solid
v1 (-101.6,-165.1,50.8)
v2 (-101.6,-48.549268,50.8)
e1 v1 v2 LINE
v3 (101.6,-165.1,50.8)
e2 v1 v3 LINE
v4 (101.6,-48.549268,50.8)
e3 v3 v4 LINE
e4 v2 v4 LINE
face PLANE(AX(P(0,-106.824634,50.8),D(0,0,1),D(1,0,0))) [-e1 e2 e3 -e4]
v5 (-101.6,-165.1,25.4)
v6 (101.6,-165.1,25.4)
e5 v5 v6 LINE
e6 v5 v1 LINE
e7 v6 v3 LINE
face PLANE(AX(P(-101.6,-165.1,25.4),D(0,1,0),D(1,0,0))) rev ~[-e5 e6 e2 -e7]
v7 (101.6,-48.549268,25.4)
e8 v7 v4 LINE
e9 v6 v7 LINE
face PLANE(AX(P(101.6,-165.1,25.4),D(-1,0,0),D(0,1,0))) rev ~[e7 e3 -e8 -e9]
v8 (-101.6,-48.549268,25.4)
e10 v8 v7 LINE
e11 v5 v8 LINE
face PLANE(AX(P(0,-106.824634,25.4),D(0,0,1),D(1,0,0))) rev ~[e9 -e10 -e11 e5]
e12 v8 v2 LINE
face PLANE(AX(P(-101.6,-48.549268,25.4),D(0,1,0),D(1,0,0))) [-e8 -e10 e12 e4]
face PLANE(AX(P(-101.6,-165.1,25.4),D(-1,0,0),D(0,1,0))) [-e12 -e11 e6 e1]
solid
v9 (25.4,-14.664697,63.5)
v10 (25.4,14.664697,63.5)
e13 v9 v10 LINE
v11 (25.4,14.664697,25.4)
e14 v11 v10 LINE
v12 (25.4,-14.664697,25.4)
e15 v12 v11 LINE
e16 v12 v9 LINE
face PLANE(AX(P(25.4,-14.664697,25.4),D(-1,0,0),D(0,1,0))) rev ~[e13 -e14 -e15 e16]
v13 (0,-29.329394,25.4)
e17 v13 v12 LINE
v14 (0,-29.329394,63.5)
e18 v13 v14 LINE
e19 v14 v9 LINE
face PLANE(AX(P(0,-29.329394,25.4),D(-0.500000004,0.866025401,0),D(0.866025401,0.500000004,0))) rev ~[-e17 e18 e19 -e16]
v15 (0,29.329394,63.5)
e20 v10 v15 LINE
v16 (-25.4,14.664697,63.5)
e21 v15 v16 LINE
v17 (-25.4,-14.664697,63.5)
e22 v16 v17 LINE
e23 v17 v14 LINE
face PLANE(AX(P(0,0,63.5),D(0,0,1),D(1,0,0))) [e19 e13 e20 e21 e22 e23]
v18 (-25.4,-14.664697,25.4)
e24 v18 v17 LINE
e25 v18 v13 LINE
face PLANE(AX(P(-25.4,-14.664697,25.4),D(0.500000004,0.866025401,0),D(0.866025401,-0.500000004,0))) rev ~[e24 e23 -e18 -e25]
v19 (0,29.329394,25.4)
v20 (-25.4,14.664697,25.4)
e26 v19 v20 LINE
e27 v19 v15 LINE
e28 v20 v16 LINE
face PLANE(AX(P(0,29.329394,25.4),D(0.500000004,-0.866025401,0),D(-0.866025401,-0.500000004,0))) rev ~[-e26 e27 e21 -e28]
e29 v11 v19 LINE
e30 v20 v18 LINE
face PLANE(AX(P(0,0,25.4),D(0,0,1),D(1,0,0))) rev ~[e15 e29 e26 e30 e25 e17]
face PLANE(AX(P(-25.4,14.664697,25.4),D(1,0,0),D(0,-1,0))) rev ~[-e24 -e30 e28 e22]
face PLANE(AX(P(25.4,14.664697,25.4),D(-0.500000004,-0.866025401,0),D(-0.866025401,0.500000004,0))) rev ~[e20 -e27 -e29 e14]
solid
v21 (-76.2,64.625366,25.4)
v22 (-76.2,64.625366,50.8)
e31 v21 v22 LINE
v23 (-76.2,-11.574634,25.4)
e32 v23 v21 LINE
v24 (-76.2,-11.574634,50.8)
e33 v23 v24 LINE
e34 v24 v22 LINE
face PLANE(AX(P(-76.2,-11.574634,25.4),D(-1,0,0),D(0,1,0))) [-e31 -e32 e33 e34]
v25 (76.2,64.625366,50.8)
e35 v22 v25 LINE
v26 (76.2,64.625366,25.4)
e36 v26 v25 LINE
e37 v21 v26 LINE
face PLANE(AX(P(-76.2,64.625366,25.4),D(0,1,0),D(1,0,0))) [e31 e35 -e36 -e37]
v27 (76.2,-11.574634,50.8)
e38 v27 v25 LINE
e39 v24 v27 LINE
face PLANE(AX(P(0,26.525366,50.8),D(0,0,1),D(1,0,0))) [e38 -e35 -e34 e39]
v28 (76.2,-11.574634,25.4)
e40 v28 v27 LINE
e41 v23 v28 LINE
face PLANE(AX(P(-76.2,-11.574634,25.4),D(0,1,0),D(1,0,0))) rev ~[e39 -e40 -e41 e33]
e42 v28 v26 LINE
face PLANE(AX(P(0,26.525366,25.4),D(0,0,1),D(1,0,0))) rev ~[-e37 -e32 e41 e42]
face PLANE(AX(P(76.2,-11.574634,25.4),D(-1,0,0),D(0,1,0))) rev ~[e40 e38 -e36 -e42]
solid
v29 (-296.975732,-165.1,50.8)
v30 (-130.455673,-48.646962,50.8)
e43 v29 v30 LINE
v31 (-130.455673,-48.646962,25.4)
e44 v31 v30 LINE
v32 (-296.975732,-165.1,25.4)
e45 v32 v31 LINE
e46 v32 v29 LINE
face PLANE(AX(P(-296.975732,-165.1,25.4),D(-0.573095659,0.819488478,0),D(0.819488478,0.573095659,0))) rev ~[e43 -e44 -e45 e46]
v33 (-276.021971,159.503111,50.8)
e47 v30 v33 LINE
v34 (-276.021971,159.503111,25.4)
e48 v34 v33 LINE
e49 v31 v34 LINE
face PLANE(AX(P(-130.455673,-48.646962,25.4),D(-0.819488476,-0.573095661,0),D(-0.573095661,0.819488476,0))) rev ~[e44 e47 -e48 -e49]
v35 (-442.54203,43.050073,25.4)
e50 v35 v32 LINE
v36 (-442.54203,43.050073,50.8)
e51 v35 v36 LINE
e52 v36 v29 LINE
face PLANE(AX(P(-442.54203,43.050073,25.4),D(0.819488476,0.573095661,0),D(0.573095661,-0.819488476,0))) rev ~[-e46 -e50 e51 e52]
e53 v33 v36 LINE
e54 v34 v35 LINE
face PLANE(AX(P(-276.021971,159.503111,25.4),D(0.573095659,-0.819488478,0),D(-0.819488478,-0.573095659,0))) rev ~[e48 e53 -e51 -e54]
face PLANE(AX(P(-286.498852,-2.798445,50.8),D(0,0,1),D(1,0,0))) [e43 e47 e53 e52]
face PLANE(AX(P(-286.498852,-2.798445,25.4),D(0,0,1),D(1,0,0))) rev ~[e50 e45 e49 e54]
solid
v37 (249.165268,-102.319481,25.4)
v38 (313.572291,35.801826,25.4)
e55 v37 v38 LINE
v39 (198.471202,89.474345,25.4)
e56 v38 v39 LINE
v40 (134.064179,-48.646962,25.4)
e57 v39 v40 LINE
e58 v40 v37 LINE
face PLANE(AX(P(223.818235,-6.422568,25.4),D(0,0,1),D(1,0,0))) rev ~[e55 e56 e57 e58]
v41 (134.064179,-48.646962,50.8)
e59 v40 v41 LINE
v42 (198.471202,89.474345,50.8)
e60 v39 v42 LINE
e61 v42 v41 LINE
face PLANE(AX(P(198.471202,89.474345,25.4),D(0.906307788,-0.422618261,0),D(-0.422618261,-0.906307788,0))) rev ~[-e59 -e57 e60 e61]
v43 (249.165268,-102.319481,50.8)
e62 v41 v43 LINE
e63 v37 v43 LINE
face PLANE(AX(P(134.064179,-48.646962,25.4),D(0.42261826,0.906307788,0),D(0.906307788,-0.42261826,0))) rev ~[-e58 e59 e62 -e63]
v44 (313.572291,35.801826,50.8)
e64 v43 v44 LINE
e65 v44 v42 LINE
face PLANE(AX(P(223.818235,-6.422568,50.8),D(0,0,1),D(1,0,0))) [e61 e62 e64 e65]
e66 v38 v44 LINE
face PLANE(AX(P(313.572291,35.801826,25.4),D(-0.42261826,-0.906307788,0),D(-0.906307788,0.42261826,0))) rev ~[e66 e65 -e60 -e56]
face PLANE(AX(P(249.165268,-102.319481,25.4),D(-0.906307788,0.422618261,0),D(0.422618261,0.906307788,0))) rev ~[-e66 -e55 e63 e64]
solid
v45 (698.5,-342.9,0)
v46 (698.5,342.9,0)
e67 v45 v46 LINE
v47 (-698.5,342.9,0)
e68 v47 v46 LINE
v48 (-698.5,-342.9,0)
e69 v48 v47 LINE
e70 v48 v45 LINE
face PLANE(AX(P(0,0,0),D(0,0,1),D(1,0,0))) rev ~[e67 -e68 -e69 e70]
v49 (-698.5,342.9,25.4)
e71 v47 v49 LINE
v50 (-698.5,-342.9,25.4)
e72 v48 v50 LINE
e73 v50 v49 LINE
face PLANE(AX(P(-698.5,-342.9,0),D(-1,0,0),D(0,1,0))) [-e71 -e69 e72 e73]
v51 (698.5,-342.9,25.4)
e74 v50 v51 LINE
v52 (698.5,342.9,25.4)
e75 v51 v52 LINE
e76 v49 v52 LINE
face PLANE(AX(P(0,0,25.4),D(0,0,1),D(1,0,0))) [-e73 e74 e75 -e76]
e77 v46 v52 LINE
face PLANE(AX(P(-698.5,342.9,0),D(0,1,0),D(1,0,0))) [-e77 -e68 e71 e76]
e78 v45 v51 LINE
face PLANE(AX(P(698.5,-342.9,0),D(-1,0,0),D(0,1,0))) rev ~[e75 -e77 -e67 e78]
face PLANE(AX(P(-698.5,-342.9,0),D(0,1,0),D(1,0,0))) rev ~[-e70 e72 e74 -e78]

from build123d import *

# Parameters (mm, degrees)
F0_W     = 1397
F0_H     = 685.8
F1_DEPTH = 25.4
F2_W     = 203.2
F2_H     = 116.550732
F2_W_2   = 152.4
F2_H_2   = 76.2
F3_DEPTH = 25.4
F5_DEPTH = 38.1


with BuildPart() as f1:
    # F0 (on Top) → F1 (new body)
    with BuildSketch(Plane.XY):
        Rectangle(F0_W, F0_H)
    extrude(amount=F1_DEPTH)


with BuildPart() as f3:
    # F2 (on face) → F3 (new body)
    with BuildSketch(Plane.XY.offset(25.4)):
        with Locations((0, -106.824634)):
            Rectangle(F2_W, F2_H)
        Polygon((-296.975732, -165.1), (-130.455673, -48.646962), (-276.021971, 159.503111), (-442.54203, 43.050073), align=None)
        Polygon((313.572291, 35.801826), (198.471202, 89.474345), (134.064179, -48.646962), (249.165268, -102.319481), align=None)
        with Locations((0, 26.525366)):
            Rectangle(F2_W_2, F2_H_2)
    extrude(amount=F3_DEPTH)


with BuildPart() as f5:
    # F4 (on face) → F5 (new body)
    with BuildSketch(Plane.XY.offset(25.4)):
        Polygon((25.4, -14.664697), (25.4, 14.664697), (0, 29.329394), (-25.4, 14.664697), (-25.4, -14.664697), (0, -29.329394), align=None)
    extrude(amount=F5_DEPTH)


solid = Compound([f1.part, f3.part, f5.part])
